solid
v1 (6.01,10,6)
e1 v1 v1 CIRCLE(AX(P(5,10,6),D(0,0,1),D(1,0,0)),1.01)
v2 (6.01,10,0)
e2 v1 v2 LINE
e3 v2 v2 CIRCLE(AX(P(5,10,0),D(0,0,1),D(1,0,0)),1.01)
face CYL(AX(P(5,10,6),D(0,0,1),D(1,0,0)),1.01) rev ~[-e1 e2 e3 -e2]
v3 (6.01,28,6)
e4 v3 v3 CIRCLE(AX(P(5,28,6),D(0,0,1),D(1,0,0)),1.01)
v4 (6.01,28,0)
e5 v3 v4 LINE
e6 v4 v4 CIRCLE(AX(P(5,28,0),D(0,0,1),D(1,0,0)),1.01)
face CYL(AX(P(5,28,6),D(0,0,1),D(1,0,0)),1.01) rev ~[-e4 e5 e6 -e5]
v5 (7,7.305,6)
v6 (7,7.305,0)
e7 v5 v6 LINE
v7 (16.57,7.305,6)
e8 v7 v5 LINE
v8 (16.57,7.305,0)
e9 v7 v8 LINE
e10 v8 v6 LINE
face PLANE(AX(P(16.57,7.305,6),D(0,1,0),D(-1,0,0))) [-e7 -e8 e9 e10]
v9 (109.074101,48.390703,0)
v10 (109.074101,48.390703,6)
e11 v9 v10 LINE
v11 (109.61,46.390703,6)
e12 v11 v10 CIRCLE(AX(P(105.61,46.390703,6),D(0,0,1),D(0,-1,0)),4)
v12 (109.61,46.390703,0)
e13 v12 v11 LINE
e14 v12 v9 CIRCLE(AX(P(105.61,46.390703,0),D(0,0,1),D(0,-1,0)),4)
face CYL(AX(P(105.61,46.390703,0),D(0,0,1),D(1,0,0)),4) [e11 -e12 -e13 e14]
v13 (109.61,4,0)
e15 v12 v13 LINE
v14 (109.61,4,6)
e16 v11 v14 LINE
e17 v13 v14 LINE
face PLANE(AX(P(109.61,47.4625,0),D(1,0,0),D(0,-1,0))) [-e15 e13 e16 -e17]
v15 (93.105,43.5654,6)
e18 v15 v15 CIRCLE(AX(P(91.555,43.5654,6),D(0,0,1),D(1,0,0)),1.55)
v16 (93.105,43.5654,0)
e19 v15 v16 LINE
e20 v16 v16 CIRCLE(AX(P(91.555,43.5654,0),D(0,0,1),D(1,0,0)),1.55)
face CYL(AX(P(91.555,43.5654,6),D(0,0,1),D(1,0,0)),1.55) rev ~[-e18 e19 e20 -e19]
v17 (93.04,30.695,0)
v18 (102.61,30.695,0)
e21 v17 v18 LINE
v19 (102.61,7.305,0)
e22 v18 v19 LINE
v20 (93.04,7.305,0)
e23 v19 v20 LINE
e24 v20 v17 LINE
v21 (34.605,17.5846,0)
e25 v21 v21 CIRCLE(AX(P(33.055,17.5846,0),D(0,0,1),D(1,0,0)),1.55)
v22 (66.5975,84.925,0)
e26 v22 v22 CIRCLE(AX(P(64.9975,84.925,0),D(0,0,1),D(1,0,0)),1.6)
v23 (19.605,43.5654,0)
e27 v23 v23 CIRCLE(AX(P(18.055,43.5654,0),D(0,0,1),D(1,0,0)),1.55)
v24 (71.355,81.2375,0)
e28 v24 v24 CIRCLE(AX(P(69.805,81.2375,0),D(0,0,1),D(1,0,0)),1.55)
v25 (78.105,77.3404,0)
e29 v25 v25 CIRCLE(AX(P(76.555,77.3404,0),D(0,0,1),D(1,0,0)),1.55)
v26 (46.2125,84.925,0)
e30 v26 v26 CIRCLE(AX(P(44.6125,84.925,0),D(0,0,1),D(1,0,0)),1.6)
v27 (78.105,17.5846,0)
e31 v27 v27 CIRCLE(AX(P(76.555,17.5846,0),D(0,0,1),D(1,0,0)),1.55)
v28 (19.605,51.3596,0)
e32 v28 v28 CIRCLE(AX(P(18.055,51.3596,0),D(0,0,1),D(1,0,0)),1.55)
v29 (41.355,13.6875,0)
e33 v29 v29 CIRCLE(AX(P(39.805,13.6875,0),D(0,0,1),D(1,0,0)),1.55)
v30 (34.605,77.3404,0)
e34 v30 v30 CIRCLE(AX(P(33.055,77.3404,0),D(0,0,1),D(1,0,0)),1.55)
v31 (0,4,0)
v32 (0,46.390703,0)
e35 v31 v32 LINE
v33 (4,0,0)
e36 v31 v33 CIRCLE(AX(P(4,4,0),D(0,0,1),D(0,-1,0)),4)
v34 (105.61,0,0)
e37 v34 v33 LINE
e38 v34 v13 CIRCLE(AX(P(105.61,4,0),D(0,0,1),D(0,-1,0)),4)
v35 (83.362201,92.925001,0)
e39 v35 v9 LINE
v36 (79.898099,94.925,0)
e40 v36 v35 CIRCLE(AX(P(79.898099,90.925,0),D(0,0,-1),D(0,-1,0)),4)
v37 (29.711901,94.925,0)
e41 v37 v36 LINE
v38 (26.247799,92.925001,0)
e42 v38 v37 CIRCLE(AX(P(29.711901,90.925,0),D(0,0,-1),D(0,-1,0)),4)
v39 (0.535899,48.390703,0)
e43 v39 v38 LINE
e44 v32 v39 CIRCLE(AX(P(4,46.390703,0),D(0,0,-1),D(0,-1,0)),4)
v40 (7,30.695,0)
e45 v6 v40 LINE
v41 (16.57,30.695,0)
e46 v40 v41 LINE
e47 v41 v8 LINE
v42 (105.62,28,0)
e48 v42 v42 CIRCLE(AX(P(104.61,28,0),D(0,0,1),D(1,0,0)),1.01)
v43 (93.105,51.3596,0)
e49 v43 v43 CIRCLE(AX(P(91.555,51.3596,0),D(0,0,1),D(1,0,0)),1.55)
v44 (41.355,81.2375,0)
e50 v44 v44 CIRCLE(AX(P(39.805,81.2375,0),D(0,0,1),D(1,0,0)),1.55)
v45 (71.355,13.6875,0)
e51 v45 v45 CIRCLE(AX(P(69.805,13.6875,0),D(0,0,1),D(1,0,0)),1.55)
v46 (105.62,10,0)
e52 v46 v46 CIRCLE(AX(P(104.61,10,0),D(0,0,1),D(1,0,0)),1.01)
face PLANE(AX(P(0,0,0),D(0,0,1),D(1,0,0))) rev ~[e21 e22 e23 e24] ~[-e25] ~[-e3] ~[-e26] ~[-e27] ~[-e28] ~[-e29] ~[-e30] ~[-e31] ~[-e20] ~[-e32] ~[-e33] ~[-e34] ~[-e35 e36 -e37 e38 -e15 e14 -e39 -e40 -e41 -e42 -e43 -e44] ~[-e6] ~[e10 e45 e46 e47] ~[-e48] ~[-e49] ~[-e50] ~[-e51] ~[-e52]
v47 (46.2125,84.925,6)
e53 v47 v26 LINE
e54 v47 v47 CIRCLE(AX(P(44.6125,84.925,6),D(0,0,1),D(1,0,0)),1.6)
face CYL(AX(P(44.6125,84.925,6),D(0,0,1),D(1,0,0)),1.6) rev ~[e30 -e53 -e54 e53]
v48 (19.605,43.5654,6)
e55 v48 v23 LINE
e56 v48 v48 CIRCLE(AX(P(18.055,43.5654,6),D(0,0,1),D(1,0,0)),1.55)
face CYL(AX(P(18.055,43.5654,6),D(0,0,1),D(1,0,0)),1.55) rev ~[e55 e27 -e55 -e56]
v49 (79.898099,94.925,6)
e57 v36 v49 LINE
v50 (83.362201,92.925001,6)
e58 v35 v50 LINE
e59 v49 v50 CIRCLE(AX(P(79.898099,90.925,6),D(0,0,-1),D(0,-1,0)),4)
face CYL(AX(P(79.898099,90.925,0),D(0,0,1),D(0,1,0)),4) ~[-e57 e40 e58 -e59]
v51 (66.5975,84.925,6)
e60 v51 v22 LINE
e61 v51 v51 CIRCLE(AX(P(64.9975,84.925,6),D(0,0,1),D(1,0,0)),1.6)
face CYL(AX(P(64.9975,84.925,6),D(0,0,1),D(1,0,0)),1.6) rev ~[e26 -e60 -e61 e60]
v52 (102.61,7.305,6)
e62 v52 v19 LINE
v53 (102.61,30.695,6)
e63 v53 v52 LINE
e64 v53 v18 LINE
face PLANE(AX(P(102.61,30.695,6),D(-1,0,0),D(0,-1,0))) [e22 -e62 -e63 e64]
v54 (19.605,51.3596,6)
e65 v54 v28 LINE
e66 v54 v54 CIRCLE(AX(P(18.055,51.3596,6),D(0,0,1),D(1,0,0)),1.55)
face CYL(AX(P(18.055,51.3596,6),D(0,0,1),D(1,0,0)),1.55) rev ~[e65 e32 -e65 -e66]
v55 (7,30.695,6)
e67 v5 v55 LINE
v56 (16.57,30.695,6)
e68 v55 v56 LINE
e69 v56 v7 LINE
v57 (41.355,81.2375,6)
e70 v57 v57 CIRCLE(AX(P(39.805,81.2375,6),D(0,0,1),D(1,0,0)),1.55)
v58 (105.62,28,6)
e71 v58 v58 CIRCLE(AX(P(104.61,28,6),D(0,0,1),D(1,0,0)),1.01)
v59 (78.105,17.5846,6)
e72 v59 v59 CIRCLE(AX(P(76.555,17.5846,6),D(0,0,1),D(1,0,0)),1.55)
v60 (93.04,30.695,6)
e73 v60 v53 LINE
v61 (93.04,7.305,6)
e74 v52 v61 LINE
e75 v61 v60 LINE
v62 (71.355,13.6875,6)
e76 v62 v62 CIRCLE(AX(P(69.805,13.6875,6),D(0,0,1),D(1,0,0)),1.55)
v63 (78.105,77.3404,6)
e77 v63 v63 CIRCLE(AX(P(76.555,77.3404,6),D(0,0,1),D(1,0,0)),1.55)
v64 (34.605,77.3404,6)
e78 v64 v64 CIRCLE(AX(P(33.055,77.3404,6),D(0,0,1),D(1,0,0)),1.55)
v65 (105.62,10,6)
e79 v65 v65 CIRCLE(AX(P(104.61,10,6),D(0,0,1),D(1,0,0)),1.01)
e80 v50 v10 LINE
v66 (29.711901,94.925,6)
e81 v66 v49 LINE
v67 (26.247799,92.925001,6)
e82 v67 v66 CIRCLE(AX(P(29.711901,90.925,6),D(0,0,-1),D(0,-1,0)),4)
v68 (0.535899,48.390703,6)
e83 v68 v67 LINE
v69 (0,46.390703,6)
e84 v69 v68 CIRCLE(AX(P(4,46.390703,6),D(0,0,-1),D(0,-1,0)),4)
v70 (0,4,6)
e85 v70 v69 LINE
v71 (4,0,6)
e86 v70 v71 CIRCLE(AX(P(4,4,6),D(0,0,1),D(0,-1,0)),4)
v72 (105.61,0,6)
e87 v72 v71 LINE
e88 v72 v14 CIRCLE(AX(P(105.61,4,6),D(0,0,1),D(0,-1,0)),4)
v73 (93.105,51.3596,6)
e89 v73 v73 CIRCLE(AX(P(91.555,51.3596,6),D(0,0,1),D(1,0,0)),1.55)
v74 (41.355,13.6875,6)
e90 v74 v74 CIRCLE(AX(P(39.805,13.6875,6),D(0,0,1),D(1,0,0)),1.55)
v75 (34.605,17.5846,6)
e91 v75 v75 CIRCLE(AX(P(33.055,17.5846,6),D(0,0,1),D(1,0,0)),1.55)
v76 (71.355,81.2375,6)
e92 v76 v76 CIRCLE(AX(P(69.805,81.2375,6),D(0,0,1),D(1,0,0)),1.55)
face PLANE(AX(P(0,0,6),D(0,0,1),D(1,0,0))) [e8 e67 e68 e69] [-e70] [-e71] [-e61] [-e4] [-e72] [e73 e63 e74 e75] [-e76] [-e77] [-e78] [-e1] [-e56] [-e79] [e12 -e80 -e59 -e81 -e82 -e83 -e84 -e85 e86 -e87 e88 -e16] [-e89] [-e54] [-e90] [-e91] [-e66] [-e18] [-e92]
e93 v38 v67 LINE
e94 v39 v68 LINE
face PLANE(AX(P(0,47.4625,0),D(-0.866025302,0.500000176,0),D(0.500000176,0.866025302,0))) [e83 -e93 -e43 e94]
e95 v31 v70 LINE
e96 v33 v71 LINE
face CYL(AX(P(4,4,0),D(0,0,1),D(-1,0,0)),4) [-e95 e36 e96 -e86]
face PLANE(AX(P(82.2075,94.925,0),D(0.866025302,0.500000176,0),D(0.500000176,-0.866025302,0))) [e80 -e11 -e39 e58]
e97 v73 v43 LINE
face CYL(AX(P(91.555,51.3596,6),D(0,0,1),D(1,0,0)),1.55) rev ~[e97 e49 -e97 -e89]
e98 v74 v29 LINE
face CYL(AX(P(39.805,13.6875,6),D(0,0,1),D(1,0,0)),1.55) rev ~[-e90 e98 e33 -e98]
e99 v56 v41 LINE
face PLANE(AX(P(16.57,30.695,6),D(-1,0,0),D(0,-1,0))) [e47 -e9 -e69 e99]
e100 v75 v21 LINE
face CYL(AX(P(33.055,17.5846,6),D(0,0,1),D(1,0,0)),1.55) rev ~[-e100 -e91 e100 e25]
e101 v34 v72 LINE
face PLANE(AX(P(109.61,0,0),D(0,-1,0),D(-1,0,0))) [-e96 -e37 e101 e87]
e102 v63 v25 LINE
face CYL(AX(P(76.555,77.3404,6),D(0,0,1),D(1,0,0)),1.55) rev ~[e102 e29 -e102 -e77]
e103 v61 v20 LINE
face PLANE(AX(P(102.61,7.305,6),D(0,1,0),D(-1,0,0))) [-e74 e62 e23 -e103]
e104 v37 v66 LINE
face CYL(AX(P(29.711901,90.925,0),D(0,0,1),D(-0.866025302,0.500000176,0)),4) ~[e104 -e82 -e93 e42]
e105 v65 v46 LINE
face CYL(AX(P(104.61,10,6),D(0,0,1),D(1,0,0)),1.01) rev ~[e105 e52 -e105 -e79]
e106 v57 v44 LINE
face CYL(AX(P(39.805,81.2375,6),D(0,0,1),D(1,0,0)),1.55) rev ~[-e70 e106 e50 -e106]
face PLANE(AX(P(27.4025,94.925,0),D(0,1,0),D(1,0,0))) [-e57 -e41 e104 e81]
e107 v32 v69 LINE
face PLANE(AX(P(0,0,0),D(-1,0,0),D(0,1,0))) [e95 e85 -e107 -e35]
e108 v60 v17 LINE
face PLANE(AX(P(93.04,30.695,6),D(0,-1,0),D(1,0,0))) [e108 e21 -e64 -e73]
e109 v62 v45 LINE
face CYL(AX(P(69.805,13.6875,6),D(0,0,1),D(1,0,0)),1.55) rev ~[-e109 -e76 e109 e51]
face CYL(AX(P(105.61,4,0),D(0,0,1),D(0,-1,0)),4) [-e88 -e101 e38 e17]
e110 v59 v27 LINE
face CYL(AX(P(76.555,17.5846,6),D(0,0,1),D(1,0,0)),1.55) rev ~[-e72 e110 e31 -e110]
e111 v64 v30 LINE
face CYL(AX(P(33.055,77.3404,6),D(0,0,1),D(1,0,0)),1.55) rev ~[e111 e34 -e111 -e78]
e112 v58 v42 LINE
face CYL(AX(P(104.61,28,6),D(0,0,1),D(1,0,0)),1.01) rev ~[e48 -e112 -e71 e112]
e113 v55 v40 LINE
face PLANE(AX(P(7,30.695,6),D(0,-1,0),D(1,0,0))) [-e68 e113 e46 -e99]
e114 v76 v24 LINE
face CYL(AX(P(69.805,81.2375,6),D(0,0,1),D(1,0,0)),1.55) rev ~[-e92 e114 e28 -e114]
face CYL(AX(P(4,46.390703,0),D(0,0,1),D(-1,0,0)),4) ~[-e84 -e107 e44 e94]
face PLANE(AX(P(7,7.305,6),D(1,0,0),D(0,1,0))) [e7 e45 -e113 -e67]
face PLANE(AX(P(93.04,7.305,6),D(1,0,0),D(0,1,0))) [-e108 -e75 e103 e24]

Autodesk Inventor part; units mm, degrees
ref_plane "YZ Plane" through (0, 0, 0) normal (1, 0, 0) x (0, 1, 0)
ref_plane "XZ Plane" through (0, 0, 0) normal (0, 1, 0) x (-1, 0, 0)
ref_plane "XY Plane" through (0, 0, 0) normal (0, 0, 1) x (1, 0, 0)
sketch "Sketch1" plane through (0, 0, 0) normal (0, 0, 1) x (1, 0, 0)
  line L0 (0, 0) -> (0, 47.4625)
  line L1 (0, 47.4625) -> (27.4025, 94.925)
  line L2 (27.4025, 94.925) -> (82.2075, 94.925)
  line L3 (82.2075, 94.925) -> (109.61, 47.4625)
  line L4 (109.61, 47.4625) -> (109.61, 0)
  line L5 (109.61, 0) -> (0, 0)
  dimension "d2" = 54.805
  dimension "d3" = 120
  dimension "d4" = 120
  dimension "d5" = 47.4625
  dimension "d6" = 47.4625
extrude "Extrusion1" add sketch "Sketch1" along normal blind 6
sketch "Sketch2" plane through (0, 0, 6) normal (0, 0, 1) x (1, 0, 0)
  line L0 (0, 47.4625) -> (0, 0) projected
  line L1 (0, 0) -> (109.61, 0) projected
  line L2 (109.61, 0) -> (109.61, 47.4625) projected
  line L3 (109.61, 47.4625) -> (82.2075, 94.925) projected
  line L4 (82.2075, 94.925) -> (27.4025, 94.925) projected
  line L5 (27.4025, 94.925) -> (0, 47.4625) projected
  circle A0 centre (5, 28) radius 1.01
  circle A1 centre (5, 10) radius 1.01
  circle A2 centre (104.61, 28) radius 1.01
  circle A3 centre (104.61, 10) radius 1.01
  circle A4 centre (44.6125, 84.925) radius 1.6
  circle A5 centre (64.9975, 84.925) radius 1.6
  line L6 (7, 30.695) -> (16.57, 30.695)
  line L7 (16.57, 30.695) -> (16.57, 7.305)
  line L8 (16.57, 7.305) -> (7, 7.305)
  line L9 (7, 7.305) -> (7, 30.695)
  line L10 (93.04, 30.695) -> (102.61, 30.695)
  line L11 (102.61, 30.695) -> (102.61, 7.305)
  line L12 (102.61, 7.305) -> (93.04, 7.305)
  line L13 (93.04, 7.305) -> (93.04, 30.695)
  line L14 (82.2075, 94.925) -> (27.4025, 94.925) construction
  line L15 (54.805, 94.925) -> (54.805, 91.0637) construction
  line L16 (5, 28) -> (5, 10) construction
  line L17 (5, 19) -> (11.5154, 19) construction
  dimension "d10" = 2.02
  dimension "d11" = 3.2
  dimension "d12" = 5
  dimension "d13" = 5
  dimension "d14" = 18
  dimension "d15" = 10
  dimension "d16" = 23.39
  dimension "d17" = 9.57
  dimension "d19" = 2
  dimension "d20" = 2
  dimension "d21" = 20.385
  dimension "d22" = 10
  dimension "d23" = 3.8614
extrude "Extrusion2" cut sketch "Sketch2" against normal through all contours A0 | A1 | A2 | A3 | A4 | A5 | L6 L7 L8 L9 | L10 L11 L12 L13
sketch "Sketch3" plane through (0, 0, 6) normal (0, 0, 1) x (1, 0, 0)
  line L0 (7, 7.305) -> (7, 30.695) projected
  line L1 (7, 30.695) -> (16.57, 30.695) projected
  line L2 (16.57, 30.695) -> (16.57, 7.305) projected
  line L3 (16.57, 7.305) -> (7, 7.305) projected
  circle A0 centre (44.6125, 84.925) radius 1.6 projected
  circle A1 centre (104.61, 28) radius 1.01 projected
  circle A2 centre (5, 28) radius 1.01 projected
  circle A3 centre (5, 10) radius 1.01 projected
  circle A4 centre (104.61, 10) radius 1.01 projected
  circle A5 centre (64.9975, 84.925) radius 1.6 projected
  line L4 (93.04, 7.305) -> (93.04, 30.695) projected
  line L5 (93.04, 30.695) -> (102.61, 30.695) projected
  line L6 (102.61, 30.695) -> (102.61, 7.305) projected
  line L7 (102.61, 7.305) -> (93.04, 7.305) projected
  line L8 (0, 47.4625) -> (0, 0) projected
  line L9 (0, 0) -> (109.61, 0) projected
  line L10 (109.61, 0) -> (109.61, 47.4625) projected
  line L11 (109.61, 47.4625) -> (82.2075, 94.925) projected
  line L12 (82.2075, 94.925) -> (27.4025, 94.925) projected
  line L13 (27.4025, 94.925) -> (0, 47.4625) projected
  line L14 (82.2075, 94.925) -> (109.61, 47.4625)
  line L15 (109.61, 47.4625) -> (82.2075, 0)
  line L16 (82.2075, 0) -> (27.4025, 0)
  line L17 (27.4025, 0) -> (0, 47.4625)
  line L18 (0, 47.4625) -> (27.4025, 94.925)
  line L19 (27.4025, 94.925) -> (82.2075, 94.925)
  circle A6 centre (33.055, 77.3404) radius 1.55
  circle A7 centre (39.805, 81.2375) radius 1.55
  circle A8 centre (69.805, 81.2375) radius 1.55
  circle A9 centre (18.055, 51.3596) radius 1.55
  circle A10 centre (18.055, 43.5654) radius 1.55
  circle A11 centre (33.055, 17.5846) radius 1.55
  circle A12 centre (39.805, 13.6875) radius 1.55
  circle A13 centre (69.805, 13.6875) radius 1.55
  circle A14 centre (76.555, 17.5846) radius 1.55
  circle A15 centre (91.555, 43.5654) radius 1.55
  circle A16 centre (91.555, 51.3596) radius 1.55
  line L20 (74.305, 81.2375) -> (93.805, 47.4625) construction
  line L21 (93.805, 47.4625) -> (74.305, 13.6875) construction
  line L22 (74.305, 13.6875) -> (35.305, 13.6875) construction
  line L23 (35.305, 13.6875) -> (15.805, 47.4625) construction
  line L24 (15.805, 47.4625) -> (35.305, 81.2375) construction
  line L25 (35.305, 81.2375) -> (74.305, 81.2375) construction
  circle A17 centre (76.555, 77.3404) radius 1.55
  point P0 (54.805, 47.4625)
  point P1 (54.805, 47.4625)
  dimension "d26" = 3.1
  dimension "d27" = 39
  dimension "d28" = 4.5
  dimension "d29" = 4.5
  dimension "d30" = 4.5
  dimension "d31" = 4.5
  dimension "d32" = 4.5
  dimension "d33" = 4.5
  dimension "d34" = 4.5
  dimension "d35" = 4.5
  dimension "d36" = 4.5
  dimension "d37" = 4.5
  dimension "d40" = 59.7557
extrude "Extrusion3" cut sketch "Sketch3" against normal through all contours A6 | A7 | A8 | A9 | A10 | A11 | A12 | A13 | A14 | A15 | A16 | A17
fillet "Fillet1" radius 4 6 edges at (109.61, 0, 3) (109.61, 47.4625, 3) (82.2075, 94.925, 3) (27.4025, 94.925, 3) (0, 47.4625, 3) (0, 0, 3)
equation "\"d4\" = d3"
equation "\"d6\" = d5"
equation "\"d13\" = d12"
equation "\"d20\" = d19"
equation "\"d29\" = d28"
equation "\"d30\" = d28"
equation "\"d31\" = d29"
equation "\"d32\" = d28"
equation "\"d33\" = d28"
equation "\"d34\" = d28"
equation "\"d35\" = d28"
equation "\"d36\" = d28"
equation "\"d37\" = d30"
properties part number "megapr"
